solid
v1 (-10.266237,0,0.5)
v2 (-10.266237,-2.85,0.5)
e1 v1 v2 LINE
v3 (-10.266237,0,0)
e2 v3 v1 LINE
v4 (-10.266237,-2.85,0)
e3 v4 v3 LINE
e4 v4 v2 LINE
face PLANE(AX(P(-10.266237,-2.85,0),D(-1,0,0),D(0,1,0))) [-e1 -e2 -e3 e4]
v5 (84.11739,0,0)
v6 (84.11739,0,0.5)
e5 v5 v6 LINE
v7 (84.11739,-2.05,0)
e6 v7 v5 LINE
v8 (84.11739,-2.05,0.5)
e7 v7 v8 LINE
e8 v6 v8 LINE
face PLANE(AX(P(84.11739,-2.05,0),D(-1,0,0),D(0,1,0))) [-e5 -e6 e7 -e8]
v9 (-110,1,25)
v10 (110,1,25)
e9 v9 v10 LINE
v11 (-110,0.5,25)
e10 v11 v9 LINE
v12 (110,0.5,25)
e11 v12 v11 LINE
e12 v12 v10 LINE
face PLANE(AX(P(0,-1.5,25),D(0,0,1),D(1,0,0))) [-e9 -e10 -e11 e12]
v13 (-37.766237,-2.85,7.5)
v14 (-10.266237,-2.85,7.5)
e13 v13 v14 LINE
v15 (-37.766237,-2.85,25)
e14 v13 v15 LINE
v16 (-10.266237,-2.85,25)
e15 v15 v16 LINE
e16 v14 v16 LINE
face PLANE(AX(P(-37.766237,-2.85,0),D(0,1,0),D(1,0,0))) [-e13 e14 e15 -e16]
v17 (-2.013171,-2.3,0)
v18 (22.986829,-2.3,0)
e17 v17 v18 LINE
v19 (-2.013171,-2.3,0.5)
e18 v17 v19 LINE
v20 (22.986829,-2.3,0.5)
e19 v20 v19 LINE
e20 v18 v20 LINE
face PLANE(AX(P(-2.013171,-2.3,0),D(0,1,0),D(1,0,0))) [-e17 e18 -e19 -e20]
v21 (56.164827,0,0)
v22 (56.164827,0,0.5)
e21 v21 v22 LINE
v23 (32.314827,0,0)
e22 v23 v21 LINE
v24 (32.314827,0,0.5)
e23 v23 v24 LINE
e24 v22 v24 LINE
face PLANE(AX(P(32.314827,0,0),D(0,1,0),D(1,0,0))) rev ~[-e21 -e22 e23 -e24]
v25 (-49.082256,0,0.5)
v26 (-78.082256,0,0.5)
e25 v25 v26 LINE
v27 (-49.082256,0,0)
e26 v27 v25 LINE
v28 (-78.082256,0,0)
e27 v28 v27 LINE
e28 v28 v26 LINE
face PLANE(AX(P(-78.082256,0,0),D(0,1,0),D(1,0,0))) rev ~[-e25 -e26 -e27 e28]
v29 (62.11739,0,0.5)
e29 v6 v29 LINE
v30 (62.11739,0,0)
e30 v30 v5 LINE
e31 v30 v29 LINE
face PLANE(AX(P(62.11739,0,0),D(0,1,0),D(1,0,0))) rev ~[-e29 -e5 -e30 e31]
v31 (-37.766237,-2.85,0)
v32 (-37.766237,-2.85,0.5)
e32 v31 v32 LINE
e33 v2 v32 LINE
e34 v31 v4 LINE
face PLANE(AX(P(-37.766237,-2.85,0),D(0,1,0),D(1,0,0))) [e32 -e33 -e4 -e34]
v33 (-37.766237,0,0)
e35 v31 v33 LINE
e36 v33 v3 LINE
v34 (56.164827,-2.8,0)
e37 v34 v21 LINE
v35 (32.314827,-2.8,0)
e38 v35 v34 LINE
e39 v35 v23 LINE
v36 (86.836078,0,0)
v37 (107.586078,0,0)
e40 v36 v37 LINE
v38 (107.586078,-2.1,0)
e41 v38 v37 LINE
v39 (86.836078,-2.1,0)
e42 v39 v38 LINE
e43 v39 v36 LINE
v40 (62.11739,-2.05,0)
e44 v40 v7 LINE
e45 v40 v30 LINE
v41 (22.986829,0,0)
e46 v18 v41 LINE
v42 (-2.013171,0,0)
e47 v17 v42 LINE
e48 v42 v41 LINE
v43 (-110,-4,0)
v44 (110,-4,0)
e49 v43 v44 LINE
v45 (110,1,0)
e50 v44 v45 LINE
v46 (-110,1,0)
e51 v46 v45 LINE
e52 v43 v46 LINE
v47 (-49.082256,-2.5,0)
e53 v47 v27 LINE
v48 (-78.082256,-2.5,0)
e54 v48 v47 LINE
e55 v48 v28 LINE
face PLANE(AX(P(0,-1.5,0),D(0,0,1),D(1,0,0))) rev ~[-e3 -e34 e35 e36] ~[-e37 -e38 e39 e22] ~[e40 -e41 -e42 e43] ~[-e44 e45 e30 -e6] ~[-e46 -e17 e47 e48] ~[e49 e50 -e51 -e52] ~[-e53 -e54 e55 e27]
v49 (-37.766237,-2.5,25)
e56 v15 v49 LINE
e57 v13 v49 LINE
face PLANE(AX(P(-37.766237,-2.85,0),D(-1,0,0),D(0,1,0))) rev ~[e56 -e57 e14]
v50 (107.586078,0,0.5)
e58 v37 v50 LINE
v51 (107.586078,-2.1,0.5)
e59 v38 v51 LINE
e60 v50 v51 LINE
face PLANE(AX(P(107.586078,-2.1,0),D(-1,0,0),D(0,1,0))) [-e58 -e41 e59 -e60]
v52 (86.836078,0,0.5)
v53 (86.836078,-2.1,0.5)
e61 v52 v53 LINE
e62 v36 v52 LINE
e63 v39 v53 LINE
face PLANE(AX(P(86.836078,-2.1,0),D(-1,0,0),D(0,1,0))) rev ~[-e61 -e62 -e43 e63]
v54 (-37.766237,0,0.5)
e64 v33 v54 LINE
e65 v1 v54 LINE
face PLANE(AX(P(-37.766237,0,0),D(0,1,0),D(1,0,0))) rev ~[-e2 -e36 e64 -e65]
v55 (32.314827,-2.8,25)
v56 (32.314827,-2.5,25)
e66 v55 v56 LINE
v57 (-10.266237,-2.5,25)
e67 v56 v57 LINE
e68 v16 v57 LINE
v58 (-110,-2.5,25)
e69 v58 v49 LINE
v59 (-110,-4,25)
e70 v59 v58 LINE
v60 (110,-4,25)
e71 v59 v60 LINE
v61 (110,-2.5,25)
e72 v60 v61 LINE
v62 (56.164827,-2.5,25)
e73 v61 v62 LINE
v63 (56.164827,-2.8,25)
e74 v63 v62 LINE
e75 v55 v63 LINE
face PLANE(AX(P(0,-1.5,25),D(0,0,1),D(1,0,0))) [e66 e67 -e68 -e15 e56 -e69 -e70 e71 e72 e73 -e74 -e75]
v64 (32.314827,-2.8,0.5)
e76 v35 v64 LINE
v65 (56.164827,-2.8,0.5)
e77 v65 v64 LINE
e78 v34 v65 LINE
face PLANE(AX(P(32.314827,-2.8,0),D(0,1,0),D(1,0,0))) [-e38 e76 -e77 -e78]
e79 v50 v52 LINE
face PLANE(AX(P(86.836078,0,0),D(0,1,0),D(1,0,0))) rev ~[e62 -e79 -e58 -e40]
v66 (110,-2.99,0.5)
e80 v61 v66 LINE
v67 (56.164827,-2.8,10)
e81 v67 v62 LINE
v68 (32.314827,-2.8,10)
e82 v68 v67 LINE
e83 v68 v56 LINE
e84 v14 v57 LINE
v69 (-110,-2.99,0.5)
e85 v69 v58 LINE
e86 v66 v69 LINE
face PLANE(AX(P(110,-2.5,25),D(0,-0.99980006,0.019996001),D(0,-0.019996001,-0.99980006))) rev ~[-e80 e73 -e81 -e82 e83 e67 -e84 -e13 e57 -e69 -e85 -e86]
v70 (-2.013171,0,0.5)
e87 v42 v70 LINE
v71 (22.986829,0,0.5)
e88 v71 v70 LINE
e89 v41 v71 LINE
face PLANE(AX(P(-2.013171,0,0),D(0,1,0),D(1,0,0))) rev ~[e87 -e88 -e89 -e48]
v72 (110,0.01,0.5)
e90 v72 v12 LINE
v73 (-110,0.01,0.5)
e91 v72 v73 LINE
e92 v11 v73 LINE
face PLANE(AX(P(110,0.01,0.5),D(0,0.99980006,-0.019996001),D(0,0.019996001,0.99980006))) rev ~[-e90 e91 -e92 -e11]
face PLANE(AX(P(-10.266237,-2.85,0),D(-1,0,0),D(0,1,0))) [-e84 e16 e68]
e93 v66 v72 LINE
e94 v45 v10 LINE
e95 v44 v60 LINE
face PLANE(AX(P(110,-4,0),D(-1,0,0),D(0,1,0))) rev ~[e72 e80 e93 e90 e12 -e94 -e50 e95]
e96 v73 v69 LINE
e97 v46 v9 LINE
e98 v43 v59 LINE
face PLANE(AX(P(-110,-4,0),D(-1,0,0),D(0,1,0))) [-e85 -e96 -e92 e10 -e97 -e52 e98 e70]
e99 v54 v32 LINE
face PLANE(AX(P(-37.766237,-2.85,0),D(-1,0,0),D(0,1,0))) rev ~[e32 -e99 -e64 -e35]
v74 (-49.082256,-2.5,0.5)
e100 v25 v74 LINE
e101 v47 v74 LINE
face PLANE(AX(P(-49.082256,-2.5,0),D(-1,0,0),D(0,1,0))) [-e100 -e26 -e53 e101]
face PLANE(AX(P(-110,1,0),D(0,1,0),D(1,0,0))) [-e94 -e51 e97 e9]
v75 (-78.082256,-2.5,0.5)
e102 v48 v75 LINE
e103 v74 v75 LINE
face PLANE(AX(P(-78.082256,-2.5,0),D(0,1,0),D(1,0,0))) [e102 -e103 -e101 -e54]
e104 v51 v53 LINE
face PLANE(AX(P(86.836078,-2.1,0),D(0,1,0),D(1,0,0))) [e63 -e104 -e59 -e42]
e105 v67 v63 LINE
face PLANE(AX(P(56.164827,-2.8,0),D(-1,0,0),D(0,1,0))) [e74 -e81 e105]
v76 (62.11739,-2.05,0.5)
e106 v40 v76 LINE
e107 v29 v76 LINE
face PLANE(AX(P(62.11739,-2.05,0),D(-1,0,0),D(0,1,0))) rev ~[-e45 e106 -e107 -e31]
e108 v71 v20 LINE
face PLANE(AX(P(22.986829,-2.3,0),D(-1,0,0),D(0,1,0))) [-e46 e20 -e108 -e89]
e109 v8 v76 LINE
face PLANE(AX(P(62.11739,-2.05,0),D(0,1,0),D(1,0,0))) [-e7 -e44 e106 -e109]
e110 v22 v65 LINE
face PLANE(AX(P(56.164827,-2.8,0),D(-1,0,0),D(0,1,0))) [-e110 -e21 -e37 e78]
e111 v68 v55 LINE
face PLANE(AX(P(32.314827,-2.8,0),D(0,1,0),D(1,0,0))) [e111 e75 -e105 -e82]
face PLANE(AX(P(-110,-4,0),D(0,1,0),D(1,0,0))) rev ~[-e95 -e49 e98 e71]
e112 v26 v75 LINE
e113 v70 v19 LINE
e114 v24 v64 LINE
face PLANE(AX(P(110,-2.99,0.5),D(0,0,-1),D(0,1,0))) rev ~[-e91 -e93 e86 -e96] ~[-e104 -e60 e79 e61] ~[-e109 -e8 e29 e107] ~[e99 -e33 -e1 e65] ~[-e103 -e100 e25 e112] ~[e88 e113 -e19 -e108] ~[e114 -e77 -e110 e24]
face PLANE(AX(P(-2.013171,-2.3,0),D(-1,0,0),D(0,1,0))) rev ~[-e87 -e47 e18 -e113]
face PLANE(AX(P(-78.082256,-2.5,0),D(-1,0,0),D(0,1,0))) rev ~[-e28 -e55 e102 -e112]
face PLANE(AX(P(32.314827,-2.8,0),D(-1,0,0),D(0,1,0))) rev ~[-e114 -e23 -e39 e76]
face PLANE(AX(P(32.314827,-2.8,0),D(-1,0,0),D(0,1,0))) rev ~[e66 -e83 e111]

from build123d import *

# Parameters (mm, degrees)
F0_W     = 220
F0_H     = 5
F0_W_2   = 29
F0_H_2   = 2.5
F0_W_3   = 27.5
F0_H_3   = 2.85
F0_W_4   = 25
F0_H_4   = 2.3
F0_W_5   = 23.85
F0_H_5   = 2.8
F0_W_6   = 22
F0_H_6   = 2.05
F0_W_7   = 20.75
F0_H_7   = 2.1
F1_DEPTH = 25
F3_DEPTH = 300


with BuildPart() as f1:
    # F0 (on Top) → F1 (new body)
    with BuildSketch(Plane.XY):
        with Locations((0, -1.5)):
            Rectangle(F0_W, F0_H)
        with Locations((-63.582256, -1.25)):
            Rectangle(F0_W_2, F0_H_2, mode=Mode.SUBTRACT)
        with Locations((-24.016237, -1.425)):
            Rectangle(F0_W_3, F0_H_3, mode=Mode.SUBTRACT)
        with Locations((10.486829, -1.15)):
            Rectangle(F0_W_4, F0_H_4, mode=Mode.SUBTRACT)
        with Locations((44.239827, -1.4)):
            Rectangle(F0_W_5, F0_H_5, mode=Mode.SUBTRACT)
        with Locations((73.11739, -1.025)):
            Rectangle(F0_W_6, F0_H_6, mode=Mode.SUBTRACT)
        with Locations((97.211078, -1.05)):
            Rectangle(F0_W_7, F0_H_7, mode=Mode.SUBTRACT)
    extrude(amount=F1_DEPTH)

    # F2 (on face) → F3 (cut)
    with BuildSketch(Plane.YZ.offset(110)):
        Polygon((0.5, 25), (-2.5, 25), (-2.99, 0.5), (0.01, 0.5), align=None)
    extrude(amount=-F3_DEPTH, mode=Mode.SUBTRACT)


solid = f1.part
